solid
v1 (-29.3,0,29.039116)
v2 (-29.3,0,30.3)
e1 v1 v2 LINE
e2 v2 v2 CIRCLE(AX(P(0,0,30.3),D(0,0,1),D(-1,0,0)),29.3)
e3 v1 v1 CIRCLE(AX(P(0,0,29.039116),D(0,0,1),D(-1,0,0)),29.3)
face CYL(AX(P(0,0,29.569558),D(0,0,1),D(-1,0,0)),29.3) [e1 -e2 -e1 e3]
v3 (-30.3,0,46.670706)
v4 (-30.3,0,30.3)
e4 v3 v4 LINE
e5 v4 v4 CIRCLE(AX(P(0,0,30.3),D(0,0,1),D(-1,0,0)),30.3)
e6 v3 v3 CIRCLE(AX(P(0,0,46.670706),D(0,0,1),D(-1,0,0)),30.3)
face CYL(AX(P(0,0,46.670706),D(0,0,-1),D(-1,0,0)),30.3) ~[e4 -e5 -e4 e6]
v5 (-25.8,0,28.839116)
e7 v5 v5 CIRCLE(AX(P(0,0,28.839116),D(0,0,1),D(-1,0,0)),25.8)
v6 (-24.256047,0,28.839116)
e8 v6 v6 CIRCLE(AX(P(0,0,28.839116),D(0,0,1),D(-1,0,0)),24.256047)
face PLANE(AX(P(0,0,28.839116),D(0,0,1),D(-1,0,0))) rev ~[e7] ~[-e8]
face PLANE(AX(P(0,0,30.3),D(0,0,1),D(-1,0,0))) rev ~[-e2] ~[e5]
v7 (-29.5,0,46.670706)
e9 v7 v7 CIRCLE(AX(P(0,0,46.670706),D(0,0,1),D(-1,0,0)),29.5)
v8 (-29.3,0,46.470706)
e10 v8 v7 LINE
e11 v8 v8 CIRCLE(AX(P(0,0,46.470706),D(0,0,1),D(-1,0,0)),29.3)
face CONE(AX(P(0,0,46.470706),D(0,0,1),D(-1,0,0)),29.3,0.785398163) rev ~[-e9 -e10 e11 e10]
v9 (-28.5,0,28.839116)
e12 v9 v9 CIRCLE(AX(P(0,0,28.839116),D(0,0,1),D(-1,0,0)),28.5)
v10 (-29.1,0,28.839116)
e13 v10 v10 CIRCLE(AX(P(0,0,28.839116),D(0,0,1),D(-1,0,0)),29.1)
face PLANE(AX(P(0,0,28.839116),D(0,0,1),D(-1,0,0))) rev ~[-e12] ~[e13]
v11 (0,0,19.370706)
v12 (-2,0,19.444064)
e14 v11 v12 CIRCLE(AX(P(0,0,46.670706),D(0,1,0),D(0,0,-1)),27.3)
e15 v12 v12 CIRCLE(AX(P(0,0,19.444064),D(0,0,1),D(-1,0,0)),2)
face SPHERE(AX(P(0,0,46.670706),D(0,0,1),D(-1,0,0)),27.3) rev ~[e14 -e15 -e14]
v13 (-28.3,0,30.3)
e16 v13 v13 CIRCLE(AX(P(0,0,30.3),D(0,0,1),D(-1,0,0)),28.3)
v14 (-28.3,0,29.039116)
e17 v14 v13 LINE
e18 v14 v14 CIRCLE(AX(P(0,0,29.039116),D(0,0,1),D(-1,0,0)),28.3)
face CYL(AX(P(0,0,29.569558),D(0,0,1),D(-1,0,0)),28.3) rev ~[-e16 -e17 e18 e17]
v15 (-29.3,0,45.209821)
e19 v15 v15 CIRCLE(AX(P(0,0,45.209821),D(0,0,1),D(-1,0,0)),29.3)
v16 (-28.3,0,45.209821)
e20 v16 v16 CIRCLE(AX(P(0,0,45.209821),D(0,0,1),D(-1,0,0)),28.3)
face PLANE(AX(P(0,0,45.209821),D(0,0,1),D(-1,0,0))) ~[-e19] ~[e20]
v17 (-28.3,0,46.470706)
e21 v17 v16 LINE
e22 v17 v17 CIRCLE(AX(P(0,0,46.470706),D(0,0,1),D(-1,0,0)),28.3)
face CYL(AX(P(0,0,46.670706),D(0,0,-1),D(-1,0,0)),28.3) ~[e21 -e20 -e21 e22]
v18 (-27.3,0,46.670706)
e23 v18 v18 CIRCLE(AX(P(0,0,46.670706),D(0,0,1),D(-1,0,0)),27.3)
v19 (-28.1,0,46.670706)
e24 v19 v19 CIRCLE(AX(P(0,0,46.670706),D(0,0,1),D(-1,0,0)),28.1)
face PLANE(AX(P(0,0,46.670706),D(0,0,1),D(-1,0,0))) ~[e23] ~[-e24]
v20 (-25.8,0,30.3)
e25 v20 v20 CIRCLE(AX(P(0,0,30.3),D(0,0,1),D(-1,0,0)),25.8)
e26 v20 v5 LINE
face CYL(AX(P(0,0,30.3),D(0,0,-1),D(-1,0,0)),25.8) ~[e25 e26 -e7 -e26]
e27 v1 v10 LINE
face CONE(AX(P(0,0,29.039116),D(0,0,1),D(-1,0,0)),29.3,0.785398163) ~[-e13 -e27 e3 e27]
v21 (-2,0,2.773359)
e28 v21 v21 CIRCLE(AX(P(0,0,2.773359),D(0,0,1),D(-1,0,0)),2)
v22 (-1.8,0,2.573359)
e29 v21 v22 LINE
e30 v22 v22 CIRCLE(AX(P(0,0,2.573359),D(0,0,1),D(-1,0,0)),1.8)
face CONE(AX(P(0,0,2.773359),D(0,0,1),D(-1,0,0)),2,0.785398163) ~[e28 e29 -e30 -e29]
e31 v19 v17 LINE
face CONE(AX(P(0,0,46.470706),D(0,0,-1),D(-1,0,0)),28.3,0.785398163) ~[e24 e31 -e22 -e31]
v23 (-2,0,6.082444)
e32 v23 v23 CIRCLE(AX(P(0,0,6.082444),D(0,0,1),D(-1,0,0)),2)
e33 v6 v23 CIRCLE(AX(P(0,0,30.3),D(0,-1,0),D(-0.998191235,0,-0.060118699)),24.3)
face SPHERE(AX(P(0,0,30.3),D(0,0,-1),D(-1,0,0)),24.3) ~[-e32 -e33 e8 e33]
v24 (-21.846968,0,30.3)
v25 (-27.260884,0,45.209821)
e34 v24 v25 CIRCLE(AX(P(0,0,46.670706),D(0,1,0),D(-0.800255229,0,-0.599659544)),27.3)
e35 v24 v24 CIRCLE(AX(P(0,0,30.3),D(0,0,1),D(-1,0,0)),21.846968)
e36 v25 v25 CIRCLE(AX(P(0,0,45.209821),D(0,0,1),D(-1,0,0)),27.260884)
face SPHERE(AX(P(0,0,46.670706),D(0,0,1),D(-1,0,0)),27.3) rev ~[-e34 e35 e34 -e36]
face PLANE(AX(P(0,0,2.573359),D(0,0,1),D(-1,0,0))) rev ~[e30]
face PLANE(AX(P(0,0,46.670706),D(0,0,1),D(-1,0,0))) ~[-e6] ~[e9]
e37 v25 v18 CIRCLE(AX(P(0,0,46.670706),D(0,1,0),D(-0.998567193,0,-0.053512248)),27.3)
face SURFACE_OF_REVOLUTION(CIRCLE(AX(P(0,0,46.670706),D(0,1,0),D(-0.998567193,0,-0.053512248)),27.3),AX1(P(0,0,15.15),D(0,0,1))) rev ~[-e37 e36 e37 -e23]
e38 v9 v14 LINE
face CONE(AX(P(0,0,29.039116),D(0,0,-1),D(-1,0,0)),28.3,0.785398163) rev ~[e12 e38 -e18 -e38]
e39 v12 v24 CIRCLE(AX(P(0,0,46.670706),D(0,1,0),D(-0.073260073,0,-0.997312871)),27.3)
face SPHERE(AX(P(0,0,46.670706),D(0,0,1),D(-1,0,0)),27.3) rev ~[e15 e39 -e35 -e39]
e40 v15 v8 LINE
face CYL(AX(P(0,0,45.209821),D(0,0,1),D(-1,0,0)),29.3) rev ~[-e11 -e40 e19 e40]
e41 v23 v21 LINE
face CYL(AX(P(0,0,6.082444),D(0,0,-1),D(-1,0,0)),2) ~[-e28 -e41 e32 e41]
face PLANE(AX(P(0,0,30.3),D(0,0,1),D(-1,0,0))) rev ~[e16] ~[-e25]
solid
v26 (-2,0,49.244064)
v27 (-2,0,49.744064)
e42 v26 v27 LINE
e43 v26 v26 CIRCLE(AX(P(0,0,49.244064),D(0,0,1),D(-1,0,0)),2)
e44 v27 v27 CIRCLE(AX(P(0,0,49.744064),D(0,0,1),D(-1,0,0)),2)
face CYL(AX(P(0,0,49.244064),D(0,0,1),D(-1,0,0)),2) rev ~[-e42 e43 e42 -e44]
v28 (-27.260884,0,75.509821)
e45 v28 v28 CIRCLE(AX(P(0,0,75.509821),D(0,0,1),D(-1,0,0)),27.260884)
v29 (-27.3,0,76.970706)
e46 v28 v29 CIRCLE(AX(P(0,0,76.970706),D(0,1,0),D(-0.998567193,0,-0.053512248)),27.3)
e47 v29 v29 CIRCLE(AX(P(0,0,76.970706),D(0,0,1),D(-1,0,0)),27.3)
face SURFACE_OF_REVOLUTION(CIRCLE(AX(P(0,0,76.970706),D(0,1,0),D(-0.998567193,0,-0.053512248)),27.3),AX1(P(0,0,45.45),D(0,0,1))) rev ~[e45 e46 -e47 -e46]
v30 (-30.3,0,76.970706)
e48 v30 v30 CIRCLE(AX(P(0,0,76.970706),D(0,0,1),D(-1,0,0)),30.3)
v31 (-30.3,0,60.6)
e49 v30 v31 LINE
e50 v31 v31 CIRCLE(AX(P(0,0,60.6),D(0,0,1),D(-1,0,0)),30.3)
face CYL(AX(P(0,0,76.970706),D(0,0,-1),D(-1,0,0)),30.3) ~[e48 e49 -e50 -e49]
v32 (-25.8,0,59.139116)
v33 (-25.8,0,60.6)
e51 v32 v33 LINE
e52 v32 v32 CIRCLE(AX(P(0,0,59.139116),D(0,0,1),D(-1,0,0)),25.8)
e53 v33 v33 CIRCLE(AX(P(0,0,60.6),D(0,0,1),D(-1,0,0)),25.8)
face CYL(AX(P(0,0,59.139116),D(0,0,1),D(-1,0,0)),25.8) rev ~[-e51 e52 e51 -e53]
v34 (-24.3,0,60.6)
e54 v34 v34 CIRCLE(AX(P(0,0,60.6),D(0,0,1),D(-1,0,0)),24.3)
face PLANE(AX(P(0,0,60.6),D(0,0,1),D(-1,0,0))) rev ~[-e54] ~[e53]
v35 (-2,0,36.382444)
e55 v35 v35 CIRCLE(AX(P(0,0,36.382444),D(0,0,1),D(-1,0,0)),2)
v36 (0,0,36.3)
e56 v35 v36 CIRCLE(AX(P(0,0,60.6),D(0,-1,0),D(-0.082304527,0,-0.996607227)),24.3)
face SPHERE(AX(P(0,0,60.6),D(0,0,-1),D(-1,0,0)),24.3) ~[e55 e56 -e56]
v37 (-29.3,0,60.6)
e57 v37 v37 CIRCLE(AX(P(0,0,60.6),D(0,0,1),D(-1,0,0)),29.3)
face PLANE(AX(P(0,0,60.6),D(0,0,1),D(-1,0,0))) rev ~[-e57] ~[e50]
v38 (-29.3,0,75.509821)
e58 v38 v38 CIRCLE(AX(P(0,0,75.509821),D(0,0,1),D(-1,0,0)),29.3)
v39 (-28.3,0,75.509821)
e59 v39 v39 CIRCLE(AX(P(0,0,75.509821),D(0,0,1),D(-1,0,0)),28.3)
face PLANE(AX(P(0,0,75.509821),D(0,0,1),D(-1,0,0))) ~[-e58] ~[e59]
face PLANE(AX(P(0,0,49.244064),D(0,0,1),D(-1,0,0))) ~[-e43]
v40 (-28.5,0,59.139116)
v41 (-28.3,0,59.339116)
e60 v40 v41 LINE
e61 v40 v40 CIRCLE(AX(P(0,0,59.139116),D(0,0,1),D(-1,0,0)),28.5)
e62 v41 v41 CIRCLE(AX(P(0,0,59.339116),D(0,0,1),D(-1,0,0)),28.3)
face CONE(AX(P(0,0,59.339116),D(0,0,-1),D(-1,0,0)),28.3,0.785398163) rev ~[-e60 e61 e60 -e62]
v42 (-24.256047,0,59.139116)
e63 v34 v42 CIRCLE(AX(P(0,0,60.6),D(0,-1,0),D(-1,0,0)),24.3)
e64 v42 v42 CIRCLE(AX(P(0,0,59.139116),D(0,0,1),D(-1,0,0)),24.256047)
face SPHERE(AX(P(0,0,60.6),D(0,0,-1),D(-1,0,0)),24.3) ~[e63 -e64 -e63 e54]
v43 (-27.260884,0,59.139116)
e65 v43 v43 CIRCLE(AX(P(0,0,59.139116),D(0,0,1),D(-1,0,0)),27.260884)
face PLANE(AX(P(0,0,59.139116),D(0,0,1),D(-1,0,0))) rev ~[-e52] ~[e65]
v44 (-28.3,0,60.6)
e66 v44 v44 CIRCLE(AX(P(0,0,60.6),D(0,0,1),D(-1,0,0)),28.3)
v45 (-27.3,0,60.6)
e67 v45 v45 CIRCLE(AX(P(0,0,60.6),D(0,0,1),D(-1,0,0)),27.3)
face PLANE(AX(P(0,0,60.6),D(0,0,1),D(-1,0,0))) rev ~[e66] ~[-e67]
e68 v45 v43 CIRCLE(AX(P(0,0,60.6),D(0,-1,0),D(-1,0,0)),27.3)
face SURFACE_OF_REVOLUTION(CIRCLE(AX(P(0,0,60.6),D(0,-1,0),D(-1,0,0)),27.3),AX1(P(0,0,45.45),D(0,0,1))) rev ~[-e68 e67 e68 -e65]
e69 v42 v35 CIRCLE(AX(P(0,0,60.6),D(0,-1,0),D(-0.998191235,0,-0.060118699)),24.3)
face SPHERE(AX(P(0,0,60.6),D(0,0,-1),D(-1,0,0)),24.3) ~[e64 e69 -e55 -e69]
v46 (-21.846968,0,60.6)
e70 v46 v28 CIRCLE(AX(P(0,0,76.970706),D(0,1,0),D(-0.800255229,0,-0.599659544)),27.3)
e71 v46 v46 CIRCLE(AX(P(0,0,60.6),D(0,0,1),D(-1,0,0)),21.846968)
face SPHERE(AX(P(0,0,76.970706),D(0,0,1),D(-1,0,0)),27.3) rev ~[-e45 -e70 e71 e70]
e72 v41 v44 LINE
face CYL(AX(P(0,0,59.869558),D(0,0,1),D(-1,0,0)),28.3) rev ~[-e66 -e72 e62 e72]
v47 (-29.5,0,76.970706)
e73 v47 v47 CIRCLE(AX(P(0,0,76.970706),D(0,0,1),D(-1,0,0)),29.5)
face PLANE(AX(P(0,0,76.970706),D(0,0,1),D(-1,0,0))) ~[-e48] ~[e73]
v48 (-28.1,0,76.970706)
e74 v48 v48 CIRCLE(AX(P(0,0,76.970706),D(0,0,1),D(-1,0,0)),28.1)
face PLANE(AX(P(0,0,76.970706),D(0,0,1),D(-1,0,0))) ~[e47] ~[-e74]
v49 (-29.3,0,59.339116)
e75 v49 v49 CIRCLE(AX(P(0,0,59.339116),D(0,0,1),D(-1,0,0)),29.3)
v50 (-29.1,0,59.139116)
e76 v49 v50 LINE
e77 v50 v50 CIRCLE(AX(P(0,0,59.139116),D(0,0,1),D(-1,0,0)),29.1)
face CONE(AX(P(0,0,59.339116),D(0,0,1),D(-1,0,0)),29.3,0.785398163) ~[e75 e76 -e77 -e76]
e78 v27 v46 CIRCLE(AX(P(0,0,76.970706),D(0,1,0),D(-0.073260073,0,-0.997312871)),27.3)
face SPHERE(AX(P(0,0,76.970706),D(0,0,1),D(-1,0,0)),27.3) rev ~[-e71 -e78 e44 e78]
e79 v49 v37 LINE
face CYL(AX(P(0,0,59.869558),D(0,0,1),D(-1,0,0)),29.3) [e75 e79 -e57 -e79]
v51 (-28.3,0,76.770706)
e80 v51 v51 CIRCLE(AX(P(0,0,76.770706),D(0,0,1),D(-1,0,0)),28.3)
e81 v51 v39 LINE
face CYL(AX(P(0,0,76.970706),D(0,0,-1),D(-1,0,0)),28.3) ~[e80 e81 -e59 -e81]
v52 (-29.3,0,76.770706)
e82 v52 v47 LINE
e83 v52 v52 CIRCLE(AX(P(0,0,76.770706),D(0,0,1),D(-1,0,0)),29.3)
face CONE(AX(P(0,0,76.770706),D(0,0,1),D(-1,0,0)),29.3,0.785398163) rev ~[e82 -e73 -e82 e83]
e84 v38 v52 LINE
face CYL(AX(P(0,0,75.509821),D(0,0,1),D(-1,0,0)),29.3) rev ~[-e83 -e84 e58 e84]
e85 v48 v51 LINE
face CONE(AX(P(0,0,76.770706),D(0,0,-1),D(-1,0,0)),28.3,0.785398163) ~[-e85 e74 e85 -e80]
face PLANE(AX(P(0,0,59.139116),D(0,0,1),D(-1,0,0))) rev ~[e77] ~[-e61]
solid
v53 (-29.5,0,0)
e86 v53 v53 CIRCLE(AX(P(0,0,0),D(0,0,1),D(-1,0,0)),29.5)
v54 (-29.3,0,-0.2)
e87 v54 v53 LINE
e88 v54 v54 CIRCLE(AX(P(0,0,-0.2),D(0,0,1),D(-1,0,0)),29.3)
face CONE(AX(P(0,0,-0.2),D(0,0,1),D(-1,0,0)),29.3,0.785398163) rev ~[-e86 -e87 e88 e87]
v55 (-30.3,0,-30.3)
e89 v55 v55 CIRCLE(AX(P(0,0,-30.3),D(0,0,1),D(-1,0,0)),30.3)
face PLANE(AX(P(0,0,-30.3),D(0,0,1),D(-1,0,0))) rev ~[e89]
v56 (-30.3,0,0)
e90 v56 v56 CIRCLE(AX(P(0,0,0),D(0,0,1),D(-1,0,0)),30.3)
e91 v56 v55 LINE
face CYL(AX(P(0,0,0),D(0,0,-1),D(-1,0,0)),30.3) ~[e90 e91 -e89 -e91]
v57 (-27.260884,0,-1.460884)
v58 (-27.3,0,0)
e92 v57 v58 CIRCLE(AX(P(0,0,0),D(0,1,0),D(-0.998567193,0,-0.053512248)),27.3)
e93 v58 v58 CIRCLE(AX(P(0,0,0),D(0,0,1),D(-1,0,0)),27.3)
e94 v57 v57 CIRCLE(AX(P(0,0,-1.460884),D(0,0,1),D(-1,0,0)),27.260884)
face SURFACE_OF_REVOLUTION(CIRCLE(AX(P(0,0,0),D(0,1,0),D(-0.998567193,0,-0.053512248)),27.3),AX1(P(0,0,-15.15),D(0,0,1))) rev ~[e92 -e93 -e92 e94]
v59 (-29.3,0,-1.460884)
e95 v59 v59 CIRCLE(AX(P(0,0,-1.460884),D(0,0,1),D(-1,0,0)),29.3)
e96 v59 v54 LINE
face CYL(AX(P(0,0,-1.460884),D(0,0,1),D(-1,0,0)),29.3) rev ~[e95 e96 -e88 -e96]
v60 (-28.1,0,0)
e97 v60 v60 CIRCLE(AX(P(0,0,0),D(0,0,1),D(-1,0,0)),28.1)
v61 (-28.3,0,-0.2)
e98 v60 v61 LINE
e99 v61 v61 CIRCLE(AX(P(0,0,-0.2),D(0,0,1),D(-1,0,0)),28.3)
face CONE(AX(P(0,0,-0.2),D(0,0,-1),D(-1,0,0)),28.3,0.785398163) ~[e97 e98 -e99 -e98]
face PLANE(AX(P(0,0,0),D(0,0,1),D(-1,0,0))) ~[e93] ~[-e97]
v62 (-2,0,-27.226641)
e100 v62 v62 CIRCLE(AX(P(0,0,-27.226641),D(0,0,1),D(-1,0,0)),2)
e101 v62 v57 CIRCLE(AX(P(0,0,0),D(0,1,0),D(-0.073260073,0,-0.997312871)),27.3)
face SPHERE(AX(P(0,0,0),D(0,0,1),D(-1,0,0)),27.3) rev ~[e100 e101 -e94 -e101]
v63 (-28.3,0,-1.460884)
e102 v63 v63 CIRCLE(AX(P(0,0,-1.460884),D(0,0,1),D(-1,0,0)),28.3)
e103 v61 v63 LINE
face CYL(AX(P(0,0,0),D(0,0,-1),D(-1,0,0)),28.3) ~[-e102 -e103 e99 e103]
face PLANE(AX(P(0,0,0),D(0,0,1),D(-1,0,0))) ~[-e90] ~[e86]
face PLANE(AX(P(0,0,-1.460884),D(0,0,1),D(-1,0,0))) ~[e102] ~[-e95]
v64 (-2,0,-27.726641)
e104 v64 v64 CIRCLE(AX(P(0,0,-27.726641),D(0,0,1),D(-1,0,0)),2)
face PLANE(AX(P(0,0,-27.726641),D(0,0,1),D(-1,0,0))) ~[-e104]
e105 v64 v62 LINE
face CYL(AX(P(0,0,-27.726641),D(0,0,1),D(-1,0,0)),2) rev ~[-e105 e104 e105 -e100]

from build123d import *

# Parameters (mm, degrees)
F0_W    = 1
F0_H    = 1.4608843739
F6_SIZE = 0.2
F7_SIZE = 0.2
F8_SIZE = 0.2
F9_SIZE = 0.2


with BuildPart() as f1:
    # F0 (on Front) → F1 (revolve)
    with BuildSketch(Plane.XZ):
        with BuildLine():
            Line((-30.3, 0), (0, 0))
            Line((0, 0), (0, 2.5733586353))
            Line((0, 2.5733586353), (-2, 2.5733586353))
            Line((-2, 2.5733586353), (-2, 3.0733586353))
            ThreePointArc((-2, 3.0733586353), (-19.4940605548, 11.1879199696), (-27.2608843739, 28.8391156261))
            ThreePointArc((-27.2608843739, 28.8391156261), (-27.2902193414, 29.5692960268), (-27.3, 30.3))
            Line((-27.3, 30.3), (-28.3, 30.3))
            Line((-28.3, 30.3), (-28.3, 28.8391156261))
            Line((-28.3, 28.8391156261), (-29.3, 28.8391156261))
            Line((-29.3, 28.8391156261), (-29.3, 30.3))
            Line((-29.3, 30.3), (-30.3, 30.3))
            Line((-30.3, 30.3), (-30.3, 0))
        make_face()
    revolve(axis=Axis((0, 0, 15.15), (0, 0, 1)))


with BuildPart() as f2:
    # F0 (on Front) → F2 (revolve)
    with BuildSketch(Plane.XZ):
        with BuildLine():
            Line((-30.3, 46.6707055437), (-30.3, 30.3))
            Line((-30.3, 30.3), (-29.3, 30.3))
            Line((-29.3, 30.3), (-28.3, 30.3))
            Line((-28.3, 30.3), (-27.3, 30.3))
            Line((-27.3, 30.3), (-25.8, 30.3))
            Line((-25.8, 30.3), (-24.3, 30.3))
            Line((-24.3, 30.3), (-21.846967753, 30.3))
            ThreePointArc((-21.846967753, 30.3), (-25.6606893313, 37.3530329244), (-27.2608843739, 45.2098211699))
            ThreePointArc((-27.2608843739, 45.2098211699), (-27.2902193414, 45.9400015705), (-27.3, 46.6707055437))
            Line((-27.3, 46.6707055437), (-28.3, 46.6707055437))
            Line((-28.3, 46.6707055437), (-28.3, 45.2098211699))
            Line((-28.3, 45.2098211699), (-29.3, 45.2098211699))
            Line((-29.3, 45.2098211699), (-29.3, 46.6707055437))
            Line((-29.3, 46.6707055437), (-30.3, 46.6707055437))
        make_face()
        with BuildLine():
            ThreePointArc((-2, 6.0824443843), (-1.0008492739, 6.0206198446), (0, 6))
            Line((0, 6), (0, 18.9440641791))
            Line((0, 18.9440641791), (-2, 18.9440641791))
            Line((-2, 18.9440641791), (-2, 19.4440641791))
            ThreePointArc((-2, 19.4440641791), (-13.1008512468, 22.7195532414), (-21.846967753, 30.3))
            Line((-21.846967753, 30.3), (-24.3, 30.3))
            ThreePointArc((-24.3, 30.3), (-24.2890092685, 29.5692272893), (-24.2560470161, 28.8391156261))
            ThreePointArc((-24.2560470161, 28.8391156261), (-17.3727235265, 13.3094591825), (-2, 6.0824443843))
        make_face()
        with BuildLine():
            ThreePointArc((-2, 3.0733586353), (-1.0006724601, 3.0183458231), (0, 3))
            Line((0, 3), (0, 6))
            ThreePointArc((0, 6), (-1.0008492739, 6.0206198446), (-2, 6.0824443843))
            Line((-2, 6.0824443843), (-2, 3.0733586353))
        make_face()
        with BuildLine():
            Line((-2, 2.5733586353), (0, 2.5733586353))
            Line((0, 2.5733586353), (0, 3))
            ThreePointArc((0, 3), (-1.0006724601, 3.0183458231), (-2, 3.0733586353))
            Line((-2, 3.0733586353), (-2, 2.5733586353))
        make_face()
        with BuildLine():
            Line((-25.8, 28.8391156261), (-24.2560470161, 28.8391156261))
            ThreePointArc((-24.2560470161, 28.8391156261), (-24.2890092685, 29.5692272893), (-24.3, 30.3))
            Line((-24.3, 30.3), (-25.8, 30.3))
            Line((-25.8, 30.3), (-25.8, 28.8391156261))
        make_face()
        with Locations((-28.8, 29.5695578131)):
            Rectangle(F0_W, F0_H)
        with BuildLine():
            Line((-2, 18.9440641791), (0, 18.9440641791))
            Line((0, 18.9440641791), (0, 19.3707055437))
            ThreePointArc((0, 19.3707055437), (-1.0006724601, 19.3890513669), (-2, 19.4440641791))
            Line((-2, 19.4440641791), (-2, 18.9440641791))
        make_face()
    revolve(axis=Axis((0, 0, 15.15), (0, 0, 1)))

    # F6
    f6_edges = [f2.edges().sort_by_distance(p)[0] for p in [
        (29.3, 0, 28.839116),
        (28.3, 0, 28.839116),
        (29.3, 0, 46.670706),
        (28.3, 0, 46.670706),
    ]]
    chamfer(f6_edges, length=F6_SIZE)

    # F9
    f9_edges = [f2.edges().sort_by_distance(p)[0] for p in [
        (2, 0, 2.573359),
    ]]
    chamfer(f9_edges, length=F9_SIZE)


with BuildPart() as f3:
    # F0 (on Front) → F3 (revolve)
    with BuildSketch(Plane.XZ):
        with BuildLine():
            ThreePointArc((-2, 6.0824443843), (-1.0008492739, 6.0206198446), (0, 6))
            Line((0, 6), (0, 18.9440641791))
            Line((0, 18.9440641791), (-2, 18.9440641791))
            Line((-2, 18.9440641791), (-2, 19.4440641791))
            ThreePointArc((-2, 19.4440641791), (-13.1008512468, 22.7195532414), (-21.846967753, 30.3))
            Line((-21.846967753, 30.3), (-24.3, 30.3))
            ThreePointArc((-24.3, 30.3), (-24.2890092685, 29.5692272893), (-24.2560470161, 28.8391156261))
            ThreePointArc((-24.2560470161, 28.8391156261), (-17.3727235265, 13.3094591825), (-2, 6.0824443843))
        make_face()
        with BuildLine():
            Line((-30.3, 46.6707055437), (-30.3, 30.3))
            Line((-30.3, 30.3), (-29.3, 30.3))
            Line((-29.3, 30.3), (-28.3, 30.3))
            Line((-28.3, 30.3), (-27.3, 30.3))
            Line((-27.3, 30.3), (-25.8, 30.3))
            Line((-25.8, 30.3), (-24.3, 30.3))
            Line((-24.3, 30.3), (-21.846967753, 30.3))
            ThreePointArc((-21.846967753, 30.3), (-25.6606893313, 37.3530329244), (-27.2608843739, 45.2098211699))
            ThreePointArc((-27.2608843739, 45.2098211699), (-27.2902193414, 45.9400015705), (-27.3, 46.6707055437))
            Line((-27.3, 46.6707055437), (-28.3, 46.6707055437))
            Line((-28.3, 46.6707055437), (-28.3, 45.2098211699))
            Line((-28.3, 45.2098211699), (-29.3, 45.2098211699))
            Line((-29.3, 45.2098211699), (-29.3, 46.6707055437))
            Line((-29.3, 46.6707055437), (-30.3, 46.6707055437))
        make_face()
        with Locations((-28.8, 29.5695578131)):
            Rectangle(F0_W, F0_H)
        with BuildLine():
            ThreePointArc((-27.3, 30.3), (-27.2902193414, 29.5692960268), (-27.2608843739, 28.8391156261))
            Line((-27.2608843739, 28.8391156261), (-25.8, 28.8391156261))
            Line((-25.8, 28.8391156261), (-25.8, 30.3))
            Line((-25.8, 30.3), (-27.3, 30.3))
        make_face()
    revolve(axis=Axis((0, 0, 15.15), (0, 0, 1)))


with BuildPart() as f1_1:
    # F4: moved
    add(f1.part.moved(Location((0, 0, -30.3))))

    # F8
    f8_edges = [f1_1.edges().sort_by_distance(p)[0] for p in [
        (28.3, 0, 0),
        (29.3, 0, 0),
    ]]
    chamfer(f8_edges, length=F8_SIZE)


with BuildPart() as f3_1:
    # F5: moved
    add(f3.part.moved(Location((0, 0, 30.3))))

    # F7
    f7_edges = [f3_1.edges().sort_by_distance(p)[0] for p in [
        (29.3, 0, 76.970706),
        (28.3, 0, 76.970706),
        (29.3, 0, 59.139116),
        (28.3, 0, 59.139116),
    ]]
    chamfer(f7_edges, length=F7_SIZE)


solid = Compound([f2.part, f1_1.part, f3_1.part])
